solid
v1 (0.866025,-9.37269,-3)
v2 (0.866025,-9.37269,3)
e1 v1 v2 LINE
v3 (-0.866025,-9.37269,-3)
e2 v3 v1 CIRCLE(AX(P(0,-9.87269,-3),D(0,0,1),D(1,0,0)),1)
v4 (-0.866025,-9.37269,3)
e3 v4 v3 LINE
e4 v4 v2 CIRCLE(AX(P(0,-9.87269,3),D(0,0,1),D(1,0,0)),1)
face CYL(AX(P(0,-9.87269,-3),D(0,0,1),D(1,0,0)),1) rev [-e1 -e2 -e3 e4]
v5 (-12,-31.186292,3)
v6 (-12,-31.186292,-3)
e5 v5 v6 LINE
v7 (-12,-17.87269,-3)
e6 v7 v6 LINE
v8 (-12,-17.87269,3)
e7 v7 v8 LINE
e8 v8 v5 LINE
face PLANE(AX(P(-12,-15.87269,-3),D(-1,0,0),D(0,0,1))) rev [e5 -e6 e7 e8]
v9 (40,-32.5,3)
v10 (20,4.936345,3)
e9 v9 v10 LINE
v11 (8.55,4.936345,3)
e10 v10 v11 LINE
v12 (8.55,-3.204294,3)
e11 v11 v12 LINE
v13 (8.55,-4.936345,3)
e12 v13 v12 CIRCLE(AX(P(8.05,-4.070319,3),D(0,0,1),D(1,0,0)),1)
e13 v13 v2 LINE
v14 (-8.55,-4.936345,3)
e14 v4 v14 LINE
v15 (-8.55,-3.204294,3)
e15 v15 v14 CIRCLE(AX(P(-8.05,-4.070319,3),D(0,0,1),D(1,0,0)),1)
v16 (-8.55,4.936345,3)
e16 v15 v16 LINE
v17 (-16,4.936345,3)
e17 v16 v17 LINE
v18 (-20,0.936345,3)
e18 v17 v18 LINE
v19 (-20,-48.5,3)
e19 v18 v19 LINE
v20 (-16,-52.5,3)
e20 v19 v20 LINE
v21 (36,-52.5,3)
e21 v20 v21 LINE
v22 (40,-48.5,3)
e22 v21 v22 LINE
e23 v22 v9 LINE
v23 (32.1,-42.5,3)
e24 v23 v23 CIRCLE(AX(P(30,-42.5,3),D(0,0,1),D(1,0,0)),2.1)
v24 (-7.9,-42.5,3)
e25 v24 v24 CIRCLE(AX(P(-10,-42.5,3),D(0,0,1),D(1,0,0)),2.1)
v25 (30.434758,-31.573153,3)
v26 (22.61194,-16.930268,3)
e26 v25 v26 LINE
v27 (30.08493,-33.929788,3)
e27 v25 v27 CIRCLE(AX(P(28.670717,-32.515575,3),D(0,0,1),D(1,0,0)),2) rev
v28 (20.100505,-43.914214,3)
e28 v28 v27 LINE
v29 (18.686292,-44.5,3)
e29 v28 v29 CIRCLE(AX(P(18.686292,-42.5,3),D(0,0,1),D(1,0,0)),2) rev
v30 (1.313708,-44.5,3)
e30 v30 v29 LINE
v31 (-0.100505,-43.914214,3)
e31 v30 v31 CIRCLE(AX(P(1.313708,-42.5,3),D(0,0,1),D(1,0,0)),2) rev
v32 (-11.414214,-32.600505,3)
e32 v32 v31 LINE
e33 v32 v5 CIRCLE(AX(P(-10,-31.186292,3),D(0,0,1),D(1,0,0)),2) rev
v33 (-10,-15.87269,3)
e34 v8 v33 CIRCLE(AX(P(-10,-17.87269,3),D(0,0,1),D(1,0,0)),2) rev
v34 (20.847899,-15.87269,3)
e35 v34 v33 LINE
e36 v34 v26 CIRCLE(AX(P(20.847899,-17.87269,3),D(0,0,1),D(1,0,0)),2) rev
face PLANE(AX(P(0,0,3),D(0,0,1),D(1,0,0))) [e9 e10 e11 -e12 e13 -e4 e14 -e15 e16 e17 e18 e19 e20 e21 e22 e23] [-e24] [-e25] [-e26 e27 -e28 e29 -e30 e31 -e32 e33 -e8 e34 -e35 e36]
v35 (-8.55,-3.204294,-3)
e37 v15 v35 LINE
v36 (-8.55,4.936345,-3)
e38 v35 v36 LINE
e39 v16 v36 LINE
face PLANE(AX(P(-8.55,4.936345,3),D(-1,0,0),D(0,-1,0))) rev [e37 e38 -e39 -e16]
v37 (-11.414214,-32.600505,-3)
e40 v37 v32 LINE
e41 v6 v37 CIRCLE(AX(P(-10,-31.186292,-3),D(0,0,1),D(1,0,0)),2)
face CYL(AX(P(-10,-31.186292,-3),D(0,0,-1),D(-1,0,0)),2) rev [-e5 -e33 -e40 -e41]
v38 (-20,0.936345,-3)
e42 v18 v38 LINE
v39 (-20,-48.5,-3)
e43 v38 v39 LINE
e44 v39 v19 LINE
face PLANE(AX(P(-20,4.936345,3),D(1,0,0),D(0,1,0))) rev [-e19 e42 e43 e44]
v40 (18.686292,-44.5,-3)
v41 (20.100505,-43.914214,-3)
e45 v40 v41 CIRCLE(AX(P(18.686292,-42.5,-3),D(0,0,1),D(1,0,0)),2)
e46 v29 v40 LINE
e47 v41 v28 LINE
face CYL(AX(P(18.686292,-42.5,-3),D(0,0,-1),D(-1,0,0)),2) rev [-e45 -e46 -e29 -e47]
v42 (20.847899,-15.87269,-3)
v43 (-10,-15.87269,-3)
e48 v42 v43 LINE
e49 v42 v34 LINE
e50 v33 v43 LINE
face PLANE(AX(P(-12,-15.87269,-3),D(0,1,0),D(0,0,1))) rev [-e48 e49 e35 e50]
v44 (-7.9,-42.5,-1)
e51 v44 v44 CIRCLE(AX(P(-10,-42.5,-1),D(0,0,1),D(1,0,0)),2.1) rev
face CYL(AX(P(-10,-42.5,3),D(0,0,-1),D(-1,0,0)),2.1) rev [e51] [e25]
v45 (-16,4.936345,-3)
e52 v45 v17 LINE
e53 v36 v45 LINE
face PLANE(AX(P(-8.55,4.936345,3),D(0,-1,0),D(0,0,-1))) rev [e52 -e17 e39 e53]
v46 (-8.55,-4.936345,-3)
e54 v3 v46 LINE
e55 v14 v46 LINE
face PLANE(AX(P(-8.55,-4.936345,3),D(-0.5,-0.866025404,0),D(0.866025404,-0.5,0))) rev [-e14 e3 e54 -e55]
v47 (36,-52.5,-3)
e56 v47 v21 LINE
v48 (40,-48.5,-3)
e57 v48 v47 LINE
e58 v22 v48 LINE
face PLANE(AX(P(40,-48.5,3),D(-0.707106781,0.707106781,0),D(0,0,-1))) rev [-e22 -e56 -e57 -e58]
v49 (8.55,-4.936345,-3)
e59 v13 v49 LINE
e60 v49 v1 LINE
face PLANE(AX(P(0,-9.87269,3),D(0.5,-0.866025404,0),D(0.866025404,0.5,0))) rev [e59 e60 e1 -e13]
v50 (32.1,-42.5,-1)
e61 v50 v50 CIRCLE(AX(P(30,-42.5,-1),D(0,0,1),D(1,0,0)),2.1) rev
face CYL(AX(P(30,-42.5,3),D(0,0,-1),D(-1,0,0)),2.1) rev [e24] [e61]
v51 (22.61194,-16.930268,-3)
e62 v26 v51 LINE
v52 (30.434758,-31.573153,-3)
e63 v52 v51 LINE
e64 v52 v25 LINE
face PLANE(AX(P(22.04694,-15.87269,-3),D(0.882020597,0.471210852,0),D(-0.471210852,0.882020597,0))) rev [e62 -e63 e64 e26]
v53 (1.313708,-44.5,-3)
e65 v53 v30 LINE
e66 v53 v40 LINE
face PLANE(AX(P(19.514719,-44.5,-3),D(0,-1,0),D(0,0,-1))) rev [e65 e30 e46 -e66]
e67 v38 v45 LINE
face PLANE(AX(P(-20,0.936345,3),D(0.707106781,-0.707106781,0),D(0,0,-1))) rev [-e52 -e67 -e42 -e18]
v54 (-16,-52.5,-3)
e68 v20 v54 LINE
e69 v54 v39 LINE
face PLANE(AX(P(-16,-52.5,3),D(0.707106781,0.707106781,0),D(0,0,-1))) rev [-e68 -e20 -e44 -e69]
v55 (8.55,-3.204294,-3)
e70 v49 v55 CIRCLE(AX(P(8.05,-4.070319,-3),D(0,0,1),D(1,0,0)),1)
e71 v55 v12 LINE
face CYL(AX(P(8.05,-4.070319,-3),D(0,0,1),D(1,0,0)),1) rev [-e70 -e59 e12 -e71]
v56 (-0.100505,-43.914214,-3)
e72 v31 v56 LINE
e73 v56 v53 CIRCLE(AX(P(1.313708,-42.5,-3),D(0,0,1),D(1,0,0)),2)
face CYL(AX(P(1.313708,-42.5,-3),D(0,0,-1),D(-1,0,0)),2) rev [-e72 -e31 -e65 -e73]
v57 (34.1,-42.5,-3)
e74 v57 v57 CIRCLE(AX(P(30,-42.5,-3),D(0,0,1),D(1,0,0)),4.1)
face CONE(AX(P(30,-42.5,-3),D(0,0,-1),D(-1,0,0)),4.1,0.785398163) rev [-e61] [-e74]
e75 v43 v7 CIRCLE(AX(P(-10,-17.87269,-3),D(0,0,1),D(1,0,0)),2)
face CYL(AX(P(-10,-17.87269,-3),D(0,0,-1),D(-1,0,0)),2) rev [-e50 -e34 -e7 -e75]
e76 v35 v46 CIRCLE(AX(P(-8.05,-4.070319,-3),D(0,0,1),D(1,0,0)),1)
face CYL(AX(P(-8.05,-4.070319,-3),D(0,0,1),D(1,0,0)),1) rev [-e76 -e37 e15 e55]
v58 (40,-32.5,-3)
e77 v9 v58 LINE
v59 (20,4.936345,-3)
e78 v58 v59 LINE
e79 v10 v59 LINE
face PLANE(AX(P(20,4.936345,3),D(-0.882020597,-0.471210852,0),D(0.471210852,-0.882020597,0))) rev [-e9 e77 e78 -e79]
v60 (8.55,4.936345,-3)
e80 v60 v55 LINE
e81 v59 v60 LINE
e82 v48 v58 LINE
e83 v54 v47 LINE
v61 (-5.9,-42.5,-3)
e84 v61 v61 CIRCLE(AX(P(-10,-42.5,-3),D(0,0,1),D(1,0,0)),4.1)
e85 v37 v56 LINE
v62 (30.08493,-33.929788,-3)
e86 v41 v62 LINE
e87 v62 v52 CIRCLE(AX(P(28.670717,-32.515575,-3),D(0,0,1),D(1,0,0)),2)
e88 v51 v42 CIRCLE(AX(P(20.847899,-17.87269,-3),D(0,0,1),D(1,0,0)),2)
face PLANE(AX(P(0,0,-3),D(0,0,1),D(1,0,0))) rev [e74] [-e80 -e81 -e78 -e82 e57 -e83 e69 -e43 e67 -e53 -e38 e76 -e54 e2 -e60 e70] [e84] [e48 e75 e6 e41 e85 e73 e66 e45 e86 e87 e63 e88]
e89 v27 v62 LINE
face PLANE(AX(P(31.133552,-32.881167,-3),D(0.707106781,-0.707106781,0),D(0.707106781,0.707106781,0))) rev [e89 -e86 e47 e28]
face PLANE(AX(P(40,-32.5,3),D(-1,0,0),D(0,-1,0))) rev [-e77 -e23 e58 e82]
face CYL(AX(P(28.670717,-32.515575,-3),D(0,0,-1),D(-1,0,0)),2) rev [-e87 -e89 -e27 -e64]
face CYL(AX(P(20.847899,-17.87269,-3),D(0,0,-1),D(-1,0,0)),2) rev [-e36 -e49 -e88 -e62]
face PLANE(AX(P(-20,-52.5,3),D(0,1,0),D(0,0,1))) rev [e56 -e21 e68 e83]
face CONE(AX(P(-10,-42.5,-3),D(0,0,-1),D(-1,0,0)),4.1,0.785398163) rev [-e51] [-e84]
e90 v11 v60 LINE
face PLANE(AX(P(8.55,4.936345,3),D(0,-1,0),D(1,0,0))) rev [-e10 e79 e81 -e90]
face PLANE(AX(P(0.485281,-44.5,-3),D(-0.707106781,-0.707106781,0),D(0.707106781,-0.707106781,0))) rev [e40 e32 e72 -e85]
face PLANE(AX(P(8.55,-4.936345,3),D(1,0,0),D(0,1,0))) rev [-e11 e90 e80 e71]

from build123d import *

# Parameters (mm, degrees)
SKETCH_1_R          = 2.1
EXTRUDE_1_DEPTH     = 3
CHAMFER_1_SIZE      = 4
SKETCH_2_R          = 1
CUT_EXTRUDE_1_DEPTH = 67.274052238
CUT_EXTRUDE_2_DEPTH = 67.274052238
FILLET_1_R          = 2
CHAMFER_2_SIZE      = 2


with BuildPart() as part:
    # 草图1 → 凸台-拉伸1 (new, symmetric)
    with BuildSketch(Plane.XY):
        Polygon((-20, 4.936344802), (-20, -52.5), (40, -52.5), (40, -32.5), (20, 4.936344802), (8.55, 4.936344802), (8.55, -4.936344802), (0, -9.872689603), (-8.55, -4.936344802), (-8.55, 4.936344802), align=None)
        with Locations((-10, -42.5)):
            Circle(SKETCH_1_R, mode=Mode.SUBTRACT)
        with Locations((30, -42.5)):
            Circle(SKETCH_1_R, mode=Mode.SUBTRACT)
    extrude(amount=EXTRUDE_1_DEPTH, both=True)

    # 倒角1
    chamfer_1_edges = [part.edges().sort_by_distance(p)[0] for p in [
        (40, -52.5, 0),
        (-20, -52.5, 0),
        (-20, 4.936344802, 0),
    ]]
    chamfer(chamfer_1_edges, length=CHAMFER_1_SIZE)

    # 草图2 → 切除-拉伸1 (cut, through all)
    with BuildSketch(Plane.XY.offset(3)):
        with Locations((-8.05, -4.070319398)):
            Circle(SKETCH_2_R)
        with Locations((8.05, -4.070319398)):
            Circle(SKETCH_2_R)
        with Locations((0, -9.872689603)):
            Circle(SKETCH_2_R)
    extrude(amount=-CUT_EXTRUDE_1_DEPTH, mode=Mode.SUBTRACT)

    # 草图3 → 切除-拉伸2 (cut, through all)
    with BuildSketch(Plane.XY.offset(3)):
        Polygon((-12, -15.872689603), (-12, -32.014718626), (0.485281374, -44.5), (19.514718626, -44.5), (31.133551708, -32.881166917), (22.046939538, -15.872689603), align=None)
    extrude(amount=-CUT_EXTRUDE_2_DEPTH, mode=Mode.SUBTRACT)

    # 圆角1
    fillet_1_edges = [part.edges().sort_by_distance(p)[0] for p in [
        (-12, -15.872689603, 0),
        (22.046939538, -15.872689603, 0),
        (31.133551708, -32.881166917, 0),
        (19.514718626, -44.5, 0),
        (0.485281374, -44.5, 0),
        (-12, -32.014718626, 0),
    ]]
    fillet(fillet_1_edges, radius=FILLET_1_R)

    # 倒角2
    chamfer_2_edges = [part.edges().sort_by_distance(p)[0] for p in [
        (-12.1, -42.5, -3),
        (27.9, -42.5, -3),
    ]]
    chamfer(chamfer_2_edges, length=CHAMFER_2_SIZE)


solid = part.part
